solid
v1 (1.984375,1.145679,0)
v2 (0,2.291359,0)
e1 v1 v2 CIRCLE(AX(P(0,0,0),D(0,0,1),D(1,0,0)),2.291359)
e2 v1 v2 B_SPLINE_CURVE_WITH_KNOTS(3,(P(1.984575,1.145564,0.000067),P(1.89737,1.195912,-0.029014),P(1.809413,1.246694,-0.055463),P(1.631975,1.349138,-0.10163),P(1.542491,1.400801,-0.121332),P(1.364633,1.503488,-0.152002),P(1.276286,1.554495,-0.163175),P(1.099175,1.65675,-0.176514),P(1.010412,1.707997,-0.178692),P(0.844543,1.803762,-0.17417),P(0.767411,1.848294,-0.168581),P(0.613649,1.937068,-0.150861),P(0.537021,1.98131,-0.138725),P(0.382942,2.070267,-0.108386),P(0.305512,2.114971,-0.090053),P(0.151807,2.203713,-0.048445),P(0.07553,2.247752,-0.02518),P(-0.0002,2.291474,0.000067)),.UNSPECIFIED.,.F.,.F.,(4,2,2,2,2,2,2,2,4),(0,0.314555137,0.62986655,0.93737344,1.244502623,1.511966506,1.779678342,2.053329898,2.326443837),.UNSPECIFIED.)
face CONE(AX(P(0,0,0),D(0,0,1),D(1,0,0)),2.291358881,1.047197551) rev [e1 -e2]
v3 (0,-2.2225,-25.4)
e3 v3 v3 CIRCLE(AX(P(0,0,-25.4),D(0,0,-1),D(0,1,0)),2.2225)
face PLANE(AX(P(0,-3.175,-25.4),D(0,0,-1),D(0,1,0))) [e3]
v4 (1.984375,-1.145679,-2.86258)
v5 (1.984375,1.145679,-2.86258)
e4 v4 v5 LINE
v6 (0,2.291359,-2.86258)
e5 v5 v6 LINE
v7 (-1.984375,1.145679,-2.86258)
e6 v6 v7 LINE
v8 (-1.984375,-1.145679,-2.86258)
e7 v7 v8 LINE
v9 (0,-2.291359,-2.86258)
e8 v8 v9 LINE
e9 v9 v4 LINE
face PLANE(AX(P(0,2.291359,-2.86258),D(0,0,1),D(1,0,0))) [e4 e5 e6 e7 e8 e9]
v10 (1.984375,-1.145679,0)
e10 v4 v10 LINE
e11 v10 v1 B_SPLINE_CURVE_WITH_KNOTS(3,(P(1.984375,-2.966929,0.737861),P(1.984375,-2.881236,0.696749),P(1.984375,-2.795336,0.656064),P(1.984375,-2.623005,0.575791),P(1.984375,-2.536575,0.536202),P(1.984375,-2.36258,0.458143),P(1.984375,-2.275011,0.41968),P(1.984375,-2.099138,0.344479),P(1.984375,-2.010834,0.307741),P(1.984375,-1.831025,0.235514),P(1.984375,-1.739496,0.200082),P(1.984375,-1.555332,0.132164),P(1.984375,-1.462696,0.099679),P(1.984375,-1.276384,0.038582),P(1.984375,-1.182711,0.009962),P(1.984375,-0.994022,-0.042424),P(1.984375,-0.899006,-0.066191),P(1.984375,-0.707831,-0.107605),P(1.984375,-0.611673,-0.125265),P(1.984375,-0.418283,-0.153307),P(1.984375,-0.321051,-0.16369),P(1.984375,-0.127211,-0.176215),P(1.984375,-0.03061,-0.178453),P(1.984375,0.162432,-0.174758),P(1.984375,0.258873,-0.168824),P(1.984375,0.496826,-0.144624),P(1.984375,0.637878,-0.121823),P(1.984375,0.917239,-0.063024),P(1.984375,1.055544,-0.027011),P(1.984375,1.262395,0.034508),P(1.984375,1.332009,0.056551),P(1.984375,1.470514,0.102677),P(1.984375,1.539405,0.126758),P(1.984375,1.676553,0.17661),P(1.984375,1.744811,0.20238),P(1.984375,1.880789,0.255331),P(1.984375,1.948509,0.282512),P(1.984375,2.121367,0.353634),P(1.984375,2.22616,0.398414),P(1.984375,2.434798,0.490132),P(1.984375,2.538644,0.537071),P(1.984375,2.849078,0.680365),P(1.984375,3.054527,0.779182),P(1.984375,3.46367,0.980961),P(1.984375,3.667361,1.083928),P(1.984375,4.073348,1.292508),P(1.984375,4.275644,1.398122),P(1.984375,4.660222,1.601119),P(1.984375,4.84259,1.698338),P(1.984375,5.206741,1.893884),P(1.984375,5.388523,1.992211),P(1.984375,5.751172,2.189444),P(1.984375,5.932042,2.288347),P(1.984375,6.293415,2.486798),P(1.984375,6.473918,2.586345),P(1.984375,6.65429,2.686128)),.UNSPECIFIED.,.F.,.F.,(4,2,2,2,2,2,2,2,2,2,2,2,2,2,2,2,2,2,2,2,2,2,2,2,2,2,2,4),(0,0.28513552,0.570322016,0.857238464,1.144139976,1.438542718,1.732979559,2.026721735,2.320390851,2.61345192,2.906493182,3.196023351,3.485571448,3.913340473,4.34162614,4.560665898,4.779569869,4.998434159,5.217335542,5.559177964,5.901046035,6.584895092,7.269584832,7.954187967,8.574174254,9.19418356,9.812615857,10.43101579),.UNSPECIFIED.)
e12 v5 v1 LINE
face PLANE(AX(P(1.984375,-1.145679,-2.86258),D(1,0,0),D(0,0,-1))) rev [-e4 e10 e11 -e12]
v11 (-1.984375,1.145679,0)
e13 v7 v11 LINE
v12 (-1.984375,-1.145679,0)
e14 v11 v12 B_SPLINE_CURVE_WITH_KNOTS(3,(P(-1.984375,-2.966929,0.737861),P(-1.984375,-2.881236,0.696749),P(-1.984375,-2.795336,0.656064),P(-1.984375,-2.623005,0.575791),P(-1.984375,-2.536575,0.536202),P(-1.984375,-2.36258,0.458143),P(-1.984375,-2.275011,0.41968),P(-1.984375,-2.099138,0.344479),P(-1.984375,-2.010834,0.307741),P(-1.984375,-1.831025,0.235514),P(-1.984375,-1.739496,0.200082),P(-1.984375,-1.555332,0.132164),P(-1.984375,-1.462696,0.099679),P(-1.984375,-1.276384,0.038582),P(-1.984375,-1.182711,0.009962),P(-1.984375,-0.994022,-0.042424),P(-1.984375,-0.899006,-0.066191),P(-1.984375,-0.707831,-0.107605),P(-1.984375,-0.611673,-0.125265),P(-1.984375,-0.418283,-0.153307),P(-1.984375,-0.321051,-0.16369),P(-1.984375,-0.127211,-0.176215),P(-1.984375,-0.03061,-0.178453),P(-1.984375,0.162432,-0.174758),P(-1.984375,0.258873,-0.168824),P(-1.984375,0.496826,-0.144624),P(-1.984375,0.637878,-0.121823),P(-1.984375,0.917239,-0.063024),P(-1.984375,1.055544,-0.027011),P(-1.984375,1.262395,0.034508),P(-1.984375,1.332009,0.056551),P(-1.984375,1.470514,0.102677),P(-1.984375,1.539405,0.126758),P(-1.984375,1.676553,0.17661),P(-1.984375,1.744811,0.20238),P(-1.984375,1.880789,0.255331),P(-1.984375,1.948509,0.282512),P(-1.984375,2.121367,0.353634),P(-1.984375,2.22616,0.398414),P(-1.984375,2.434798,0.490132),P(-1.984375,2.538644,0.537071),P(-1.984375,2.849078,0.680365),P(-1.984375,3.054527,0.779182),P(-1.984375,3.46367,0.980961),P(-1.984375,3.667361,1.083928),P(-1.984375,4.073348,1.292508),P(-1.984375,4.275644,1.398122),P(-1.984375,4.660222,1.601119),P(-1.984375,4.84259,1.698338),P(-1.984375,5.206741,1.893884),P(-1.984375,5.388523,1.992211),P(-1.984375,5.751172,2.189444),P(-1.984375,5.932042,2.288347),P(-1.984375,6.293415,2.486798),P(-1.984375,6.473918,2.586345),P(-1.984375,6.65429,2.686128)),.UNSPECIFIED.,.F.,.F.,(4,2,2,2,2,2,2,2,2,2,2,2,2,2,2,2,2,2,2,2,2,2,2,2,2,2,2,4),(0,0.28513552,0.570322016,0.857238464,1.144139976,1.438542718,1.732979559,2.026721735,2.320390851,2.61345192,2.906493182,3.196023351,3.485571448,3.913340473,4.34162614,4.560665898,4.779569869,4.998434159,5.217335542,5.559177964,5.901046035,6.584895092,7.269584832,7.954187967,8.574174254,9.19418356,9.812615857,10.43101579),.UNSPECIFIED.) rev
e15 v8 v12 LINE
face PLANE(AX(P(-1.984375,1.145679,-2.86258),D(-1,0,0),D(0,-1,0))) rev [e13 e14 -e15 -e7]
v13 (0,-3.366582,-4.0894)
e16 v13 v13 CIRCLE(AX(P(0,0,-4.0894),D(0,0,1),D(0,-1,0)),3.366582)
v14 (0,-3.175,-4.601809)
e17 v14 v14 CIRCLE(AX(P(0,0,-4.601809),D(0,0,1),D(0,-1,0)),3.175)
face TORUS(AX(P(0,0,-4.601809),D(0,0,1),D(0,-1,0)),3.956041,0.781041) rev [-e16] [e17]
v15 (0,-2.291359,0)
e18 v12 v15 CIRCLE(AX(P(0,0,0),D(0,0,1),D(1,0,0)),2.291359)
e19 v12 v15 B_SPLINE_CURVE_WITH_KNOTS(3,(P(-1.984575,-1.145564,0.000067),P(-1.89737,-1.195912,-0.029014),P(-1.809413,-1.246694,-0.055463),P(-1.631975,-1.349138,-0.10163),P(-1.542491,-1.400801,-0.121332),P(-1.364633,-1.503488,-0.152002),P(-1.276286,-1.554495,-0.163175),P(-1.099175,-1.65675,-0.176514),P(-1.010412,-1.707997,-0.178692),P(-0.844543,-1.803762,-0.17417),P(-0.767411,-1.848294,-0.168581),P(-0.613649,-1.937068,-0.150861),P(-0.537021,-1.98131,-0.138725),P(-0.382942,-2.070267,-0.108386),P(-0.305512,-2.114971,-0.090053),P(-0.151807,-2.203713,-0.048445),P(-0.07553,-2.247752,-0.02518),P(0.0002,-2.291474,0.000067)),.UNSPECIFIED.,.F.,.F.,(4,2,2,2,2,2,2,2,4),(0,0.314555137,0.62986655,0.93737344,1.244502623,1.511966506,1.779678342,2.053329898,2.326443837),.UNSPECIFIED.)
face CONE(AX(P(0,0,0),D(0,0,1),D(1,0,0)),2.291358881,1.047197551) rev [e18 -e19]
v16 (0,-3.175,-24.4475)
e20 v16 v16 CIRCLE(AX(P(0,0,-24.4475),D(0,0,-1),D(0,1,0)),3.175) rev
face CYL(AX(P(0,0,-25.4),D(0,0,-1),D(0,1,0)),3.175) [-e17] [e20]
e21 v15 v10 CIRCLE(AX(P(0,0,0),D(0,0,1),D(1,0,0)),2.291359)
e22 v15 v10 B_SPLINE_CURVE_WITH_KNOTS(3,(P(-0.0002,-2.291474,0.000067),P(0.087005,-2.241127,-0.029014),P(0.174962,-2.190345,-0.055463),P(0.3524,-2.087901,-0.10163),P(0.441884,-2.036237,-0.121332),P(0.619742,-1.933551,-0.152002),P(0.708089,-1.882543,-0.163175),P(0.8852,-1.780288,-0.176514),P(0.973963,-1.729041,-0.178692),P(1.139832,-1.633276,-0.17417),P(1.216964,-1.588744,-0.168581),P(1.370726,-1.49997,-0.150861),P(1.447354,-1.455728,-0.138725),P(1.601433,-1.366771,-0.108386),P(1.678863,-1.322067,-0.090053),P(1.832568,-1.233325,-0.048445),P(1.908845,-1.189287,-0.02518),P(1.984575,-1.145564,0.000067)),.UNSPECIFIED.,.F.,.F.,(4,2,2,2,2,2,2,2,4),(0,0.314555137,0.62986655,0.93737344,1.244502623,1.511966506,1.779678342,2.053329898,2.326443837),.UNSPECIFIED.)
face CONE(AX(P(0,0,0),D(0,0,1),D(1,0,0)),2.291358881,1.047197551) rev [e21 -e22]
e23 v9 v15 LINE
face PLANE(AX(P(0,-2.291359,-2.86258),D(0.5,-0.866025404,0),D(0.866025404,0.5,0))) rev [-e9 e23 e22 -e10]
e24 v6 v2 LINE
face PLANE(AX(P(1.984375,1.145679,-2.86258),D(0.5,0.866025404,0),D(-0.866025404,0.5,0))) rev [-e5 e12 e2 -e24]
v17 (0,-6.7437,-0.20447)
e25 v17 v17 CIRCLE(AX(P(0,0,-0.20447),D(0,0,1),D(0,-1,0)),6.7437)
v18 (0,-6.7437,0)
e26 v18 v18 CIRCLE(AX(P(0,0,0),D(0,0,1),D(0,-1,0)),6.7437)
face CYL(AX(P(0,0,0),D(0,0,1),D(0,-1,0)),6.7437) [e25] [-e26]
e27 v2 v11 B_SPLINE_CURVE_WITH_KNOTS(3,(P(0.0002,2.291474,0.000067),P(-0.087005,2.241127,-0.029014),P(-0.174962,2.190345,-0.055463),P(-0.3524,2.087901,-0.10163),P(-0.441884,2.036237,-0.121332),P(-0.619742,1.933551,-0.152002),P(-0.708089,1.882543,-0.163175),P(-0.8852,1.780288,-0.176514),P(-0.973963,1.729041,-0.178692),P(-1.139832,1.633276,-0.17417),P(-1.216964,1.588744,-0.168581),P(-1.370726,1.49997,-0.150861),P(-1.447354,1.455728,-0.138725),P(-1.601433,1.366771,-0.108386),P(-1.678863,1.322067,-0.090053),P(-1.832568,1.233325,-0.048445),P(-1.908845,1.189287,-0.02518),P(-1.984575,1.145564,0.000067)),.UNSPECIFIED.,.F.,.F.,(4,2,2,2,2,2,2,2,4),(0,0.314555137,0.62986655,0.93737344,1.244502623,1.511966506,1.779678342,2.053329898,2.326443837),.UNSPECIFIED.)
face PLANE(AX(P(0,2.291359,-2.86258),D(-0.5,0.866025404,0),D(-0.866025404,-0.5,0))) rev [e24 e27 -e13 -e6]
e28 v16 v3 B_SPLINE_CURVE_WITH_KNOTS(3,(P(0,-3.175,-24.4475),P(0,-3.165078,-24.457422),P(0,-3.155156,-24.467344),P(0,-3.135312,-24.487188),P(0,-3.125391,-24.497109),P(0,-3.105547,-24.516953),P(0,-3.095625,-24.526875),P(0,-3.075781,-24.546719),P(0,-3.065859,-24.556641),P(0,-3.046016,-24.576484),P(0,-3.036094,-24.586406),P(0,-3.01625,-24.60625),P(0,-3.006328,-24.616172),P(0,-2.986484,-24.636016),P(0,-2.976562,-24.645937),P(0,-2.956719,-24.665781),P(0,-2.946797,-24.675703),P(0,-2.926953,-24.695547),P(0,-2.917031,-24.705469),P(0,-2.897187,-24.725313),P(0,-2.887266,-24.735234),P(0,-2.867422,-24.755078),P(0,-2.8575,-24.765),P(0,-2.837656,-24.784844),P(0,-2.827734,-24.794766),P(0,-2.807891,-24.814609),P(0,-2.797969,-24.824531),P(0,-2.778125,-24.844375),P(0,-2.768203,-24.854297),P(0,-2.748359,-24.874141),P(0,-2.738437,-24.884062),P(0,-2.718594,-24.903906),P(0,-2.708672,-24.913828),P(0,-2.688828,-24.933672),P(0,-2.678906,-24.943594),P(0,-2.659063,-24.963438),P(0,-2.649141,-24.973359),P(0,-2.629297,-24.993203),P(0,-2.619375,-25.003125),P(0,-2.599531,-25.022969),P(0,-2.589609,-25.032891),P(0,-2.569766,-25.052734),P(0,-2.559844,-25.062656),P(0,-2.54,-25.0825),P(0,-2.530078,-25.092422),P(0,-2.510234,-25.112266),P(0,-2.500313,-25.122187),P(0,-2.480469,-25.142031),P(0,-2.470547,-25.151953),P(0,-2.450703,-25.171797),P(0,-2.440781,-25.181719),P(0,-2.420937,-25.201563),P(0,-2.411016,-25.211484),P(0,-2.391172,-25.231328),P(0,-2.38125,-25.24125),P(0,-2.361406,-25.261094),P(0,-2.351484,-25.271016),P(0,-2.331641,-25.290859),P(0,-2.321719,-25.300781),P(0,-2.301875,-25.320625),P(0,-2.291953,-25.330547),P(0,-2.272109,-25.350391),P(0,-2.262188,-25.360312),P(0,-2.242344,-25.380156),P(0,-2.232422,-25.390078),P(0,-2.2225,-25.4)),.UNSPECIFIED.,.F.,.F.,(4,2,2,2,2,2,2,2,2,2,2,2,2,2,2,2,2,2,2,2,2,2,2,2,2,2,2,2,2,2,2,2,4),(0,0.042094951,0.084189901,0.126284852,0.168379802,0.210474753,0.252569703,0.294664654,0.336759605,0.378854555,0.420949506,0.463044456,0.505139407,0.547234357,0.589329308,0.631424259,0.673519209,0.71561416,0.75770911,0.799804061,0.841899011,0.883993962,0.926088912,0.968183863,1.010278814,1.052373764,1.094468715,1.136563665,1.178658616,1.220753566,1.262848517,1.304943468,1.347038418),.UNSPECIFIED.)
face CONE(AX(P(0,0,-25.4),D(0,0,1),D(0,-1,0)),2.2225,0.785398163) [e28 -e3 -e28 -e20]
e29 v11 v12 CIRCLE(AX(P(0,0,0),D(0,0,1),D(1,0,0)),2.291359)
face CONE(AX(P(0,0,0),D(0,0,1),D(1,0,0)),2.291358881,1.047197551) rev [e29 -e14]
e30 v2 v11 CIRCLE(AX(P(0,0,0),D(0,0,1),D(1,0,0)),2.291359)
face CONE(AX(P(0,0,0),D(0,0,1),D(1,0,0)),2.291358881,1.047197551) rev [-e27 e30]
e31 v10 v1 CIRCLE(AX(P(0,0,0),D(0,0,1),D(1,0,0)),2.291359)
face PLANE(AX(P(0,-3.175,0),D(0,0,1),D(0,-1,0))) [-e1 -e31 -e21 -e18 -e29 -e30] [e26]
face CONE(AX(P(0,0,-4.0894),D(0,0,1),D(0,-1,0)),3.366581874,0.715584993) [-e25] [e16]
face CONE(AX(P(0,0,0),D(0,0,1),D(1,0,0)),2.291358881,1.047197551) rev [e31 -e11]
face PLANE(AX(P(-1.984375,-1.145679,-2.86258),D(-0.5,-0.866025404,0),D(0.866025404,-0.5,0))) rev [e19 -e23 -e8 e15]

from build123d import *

# Parameters (mm, degrees)
SKETCH1_W          = 25.4
SKETCH1_H          = 3.175
CHAMFER1_SIZE      = 0.9525
CUT_EXTRUDE2_DEPTH = 2.86258


with BuildPart() as part:
    # Sketch1 → Revolve1 (revolve)
    with BuildSketch(Plane(origin=(0, 0, 0), x_dir=(0, 0, -1), z_dir=(1, 0, 0))):
        with Locations((12.7, 1.5875)):
            Rectangle(SKETCH1_W, SKETCH1_H)
    revolve(axis=Axis((0, 0, -25.4), (0, 0, 1)))

    # Chamfer1
    chamfer1_edges = [part.edges().sort_by_distance(p)[0] for p in [
        (0, -3.175, -25.4),
    ]]
    chamfer(chamfer1_edges, length=CHAMFER1_SIZE)

    # Sketch7 → Revolve2 (revolve)
    with BuildSketch(Plane(origin=(0, 0, 0), x_dir=(0, 0, -1), z_dir=(1, 0, 0)), mode=Mode.PRIVATE) as revolve2_sk:
        with BuildLine():
            Line((0, 6.7437), (0.20447, 6.7437))
            Line((0.20447, 6.7437), (4.0894, 3.366581874))
            ThreePointArc((4.0894, 3.366581874), (4.328282675, 3.224461616), (4.601808997, 3.175))
            Line((4.601808997, 3.175), (4.601808997, 0))
            Line((4.601808997, 0), (0, 0))
            Line((0, 0), (0, 6.7437))
        make_face()
    revolve(revolve2_sk.sketch.rotate(Axis((0, 0, 0), (0, 0, -1)), 180), axis=Axis((0, 0, 0), (0, 0, -1)))

    # Boss-Extrude1 cone 1 section (through the dimple's axis) → Boss-Extrude1 (revolve)
    with BuildSketch(Plane(origin=(0, 0, -4.601808997), x_dir=(0, -1, 0), z_dir=(1, 0, 0))):
        Polygon((0, 0), (3.175, 0), (0, 3.06606186), align=None)
    revolve(axis=Axis((0, 0, -4.601808997), (0, 0, -1)))

    # Sketch5 → Cut-Extrude2 (cut)
    with BuildSketch(Plane.XY):
        Polygon((0, 2.291358881), (-1.984375, 1.14567944), (-1.984375, -1.14567944), (0, -2.291358881), (1.984375, -1.14567944), (1.984375, 1.14567944), align=None)
    extrude(amount=-CUT_EXTRUDE2_DEPTH, mode=Mode.SUBTRACT)

    # Cut-Extrude3 cone 1 section (through the dimple's axis) → Cut-Extrude3 (revolve, cut)
    with BuildSketch(Plane(origin=(0, 0, 0), x_dir=(0, -1, 0), z_dir=(1, 0, 0))):
        Polygon((0, 0), (2.291358881, 0), (0, 1.322916667), align=None)
    revolve(axis=Axis((0, 0, 0), (0, 0, -1)), mode=Mode.SUBTRACT)


solid = part.part
